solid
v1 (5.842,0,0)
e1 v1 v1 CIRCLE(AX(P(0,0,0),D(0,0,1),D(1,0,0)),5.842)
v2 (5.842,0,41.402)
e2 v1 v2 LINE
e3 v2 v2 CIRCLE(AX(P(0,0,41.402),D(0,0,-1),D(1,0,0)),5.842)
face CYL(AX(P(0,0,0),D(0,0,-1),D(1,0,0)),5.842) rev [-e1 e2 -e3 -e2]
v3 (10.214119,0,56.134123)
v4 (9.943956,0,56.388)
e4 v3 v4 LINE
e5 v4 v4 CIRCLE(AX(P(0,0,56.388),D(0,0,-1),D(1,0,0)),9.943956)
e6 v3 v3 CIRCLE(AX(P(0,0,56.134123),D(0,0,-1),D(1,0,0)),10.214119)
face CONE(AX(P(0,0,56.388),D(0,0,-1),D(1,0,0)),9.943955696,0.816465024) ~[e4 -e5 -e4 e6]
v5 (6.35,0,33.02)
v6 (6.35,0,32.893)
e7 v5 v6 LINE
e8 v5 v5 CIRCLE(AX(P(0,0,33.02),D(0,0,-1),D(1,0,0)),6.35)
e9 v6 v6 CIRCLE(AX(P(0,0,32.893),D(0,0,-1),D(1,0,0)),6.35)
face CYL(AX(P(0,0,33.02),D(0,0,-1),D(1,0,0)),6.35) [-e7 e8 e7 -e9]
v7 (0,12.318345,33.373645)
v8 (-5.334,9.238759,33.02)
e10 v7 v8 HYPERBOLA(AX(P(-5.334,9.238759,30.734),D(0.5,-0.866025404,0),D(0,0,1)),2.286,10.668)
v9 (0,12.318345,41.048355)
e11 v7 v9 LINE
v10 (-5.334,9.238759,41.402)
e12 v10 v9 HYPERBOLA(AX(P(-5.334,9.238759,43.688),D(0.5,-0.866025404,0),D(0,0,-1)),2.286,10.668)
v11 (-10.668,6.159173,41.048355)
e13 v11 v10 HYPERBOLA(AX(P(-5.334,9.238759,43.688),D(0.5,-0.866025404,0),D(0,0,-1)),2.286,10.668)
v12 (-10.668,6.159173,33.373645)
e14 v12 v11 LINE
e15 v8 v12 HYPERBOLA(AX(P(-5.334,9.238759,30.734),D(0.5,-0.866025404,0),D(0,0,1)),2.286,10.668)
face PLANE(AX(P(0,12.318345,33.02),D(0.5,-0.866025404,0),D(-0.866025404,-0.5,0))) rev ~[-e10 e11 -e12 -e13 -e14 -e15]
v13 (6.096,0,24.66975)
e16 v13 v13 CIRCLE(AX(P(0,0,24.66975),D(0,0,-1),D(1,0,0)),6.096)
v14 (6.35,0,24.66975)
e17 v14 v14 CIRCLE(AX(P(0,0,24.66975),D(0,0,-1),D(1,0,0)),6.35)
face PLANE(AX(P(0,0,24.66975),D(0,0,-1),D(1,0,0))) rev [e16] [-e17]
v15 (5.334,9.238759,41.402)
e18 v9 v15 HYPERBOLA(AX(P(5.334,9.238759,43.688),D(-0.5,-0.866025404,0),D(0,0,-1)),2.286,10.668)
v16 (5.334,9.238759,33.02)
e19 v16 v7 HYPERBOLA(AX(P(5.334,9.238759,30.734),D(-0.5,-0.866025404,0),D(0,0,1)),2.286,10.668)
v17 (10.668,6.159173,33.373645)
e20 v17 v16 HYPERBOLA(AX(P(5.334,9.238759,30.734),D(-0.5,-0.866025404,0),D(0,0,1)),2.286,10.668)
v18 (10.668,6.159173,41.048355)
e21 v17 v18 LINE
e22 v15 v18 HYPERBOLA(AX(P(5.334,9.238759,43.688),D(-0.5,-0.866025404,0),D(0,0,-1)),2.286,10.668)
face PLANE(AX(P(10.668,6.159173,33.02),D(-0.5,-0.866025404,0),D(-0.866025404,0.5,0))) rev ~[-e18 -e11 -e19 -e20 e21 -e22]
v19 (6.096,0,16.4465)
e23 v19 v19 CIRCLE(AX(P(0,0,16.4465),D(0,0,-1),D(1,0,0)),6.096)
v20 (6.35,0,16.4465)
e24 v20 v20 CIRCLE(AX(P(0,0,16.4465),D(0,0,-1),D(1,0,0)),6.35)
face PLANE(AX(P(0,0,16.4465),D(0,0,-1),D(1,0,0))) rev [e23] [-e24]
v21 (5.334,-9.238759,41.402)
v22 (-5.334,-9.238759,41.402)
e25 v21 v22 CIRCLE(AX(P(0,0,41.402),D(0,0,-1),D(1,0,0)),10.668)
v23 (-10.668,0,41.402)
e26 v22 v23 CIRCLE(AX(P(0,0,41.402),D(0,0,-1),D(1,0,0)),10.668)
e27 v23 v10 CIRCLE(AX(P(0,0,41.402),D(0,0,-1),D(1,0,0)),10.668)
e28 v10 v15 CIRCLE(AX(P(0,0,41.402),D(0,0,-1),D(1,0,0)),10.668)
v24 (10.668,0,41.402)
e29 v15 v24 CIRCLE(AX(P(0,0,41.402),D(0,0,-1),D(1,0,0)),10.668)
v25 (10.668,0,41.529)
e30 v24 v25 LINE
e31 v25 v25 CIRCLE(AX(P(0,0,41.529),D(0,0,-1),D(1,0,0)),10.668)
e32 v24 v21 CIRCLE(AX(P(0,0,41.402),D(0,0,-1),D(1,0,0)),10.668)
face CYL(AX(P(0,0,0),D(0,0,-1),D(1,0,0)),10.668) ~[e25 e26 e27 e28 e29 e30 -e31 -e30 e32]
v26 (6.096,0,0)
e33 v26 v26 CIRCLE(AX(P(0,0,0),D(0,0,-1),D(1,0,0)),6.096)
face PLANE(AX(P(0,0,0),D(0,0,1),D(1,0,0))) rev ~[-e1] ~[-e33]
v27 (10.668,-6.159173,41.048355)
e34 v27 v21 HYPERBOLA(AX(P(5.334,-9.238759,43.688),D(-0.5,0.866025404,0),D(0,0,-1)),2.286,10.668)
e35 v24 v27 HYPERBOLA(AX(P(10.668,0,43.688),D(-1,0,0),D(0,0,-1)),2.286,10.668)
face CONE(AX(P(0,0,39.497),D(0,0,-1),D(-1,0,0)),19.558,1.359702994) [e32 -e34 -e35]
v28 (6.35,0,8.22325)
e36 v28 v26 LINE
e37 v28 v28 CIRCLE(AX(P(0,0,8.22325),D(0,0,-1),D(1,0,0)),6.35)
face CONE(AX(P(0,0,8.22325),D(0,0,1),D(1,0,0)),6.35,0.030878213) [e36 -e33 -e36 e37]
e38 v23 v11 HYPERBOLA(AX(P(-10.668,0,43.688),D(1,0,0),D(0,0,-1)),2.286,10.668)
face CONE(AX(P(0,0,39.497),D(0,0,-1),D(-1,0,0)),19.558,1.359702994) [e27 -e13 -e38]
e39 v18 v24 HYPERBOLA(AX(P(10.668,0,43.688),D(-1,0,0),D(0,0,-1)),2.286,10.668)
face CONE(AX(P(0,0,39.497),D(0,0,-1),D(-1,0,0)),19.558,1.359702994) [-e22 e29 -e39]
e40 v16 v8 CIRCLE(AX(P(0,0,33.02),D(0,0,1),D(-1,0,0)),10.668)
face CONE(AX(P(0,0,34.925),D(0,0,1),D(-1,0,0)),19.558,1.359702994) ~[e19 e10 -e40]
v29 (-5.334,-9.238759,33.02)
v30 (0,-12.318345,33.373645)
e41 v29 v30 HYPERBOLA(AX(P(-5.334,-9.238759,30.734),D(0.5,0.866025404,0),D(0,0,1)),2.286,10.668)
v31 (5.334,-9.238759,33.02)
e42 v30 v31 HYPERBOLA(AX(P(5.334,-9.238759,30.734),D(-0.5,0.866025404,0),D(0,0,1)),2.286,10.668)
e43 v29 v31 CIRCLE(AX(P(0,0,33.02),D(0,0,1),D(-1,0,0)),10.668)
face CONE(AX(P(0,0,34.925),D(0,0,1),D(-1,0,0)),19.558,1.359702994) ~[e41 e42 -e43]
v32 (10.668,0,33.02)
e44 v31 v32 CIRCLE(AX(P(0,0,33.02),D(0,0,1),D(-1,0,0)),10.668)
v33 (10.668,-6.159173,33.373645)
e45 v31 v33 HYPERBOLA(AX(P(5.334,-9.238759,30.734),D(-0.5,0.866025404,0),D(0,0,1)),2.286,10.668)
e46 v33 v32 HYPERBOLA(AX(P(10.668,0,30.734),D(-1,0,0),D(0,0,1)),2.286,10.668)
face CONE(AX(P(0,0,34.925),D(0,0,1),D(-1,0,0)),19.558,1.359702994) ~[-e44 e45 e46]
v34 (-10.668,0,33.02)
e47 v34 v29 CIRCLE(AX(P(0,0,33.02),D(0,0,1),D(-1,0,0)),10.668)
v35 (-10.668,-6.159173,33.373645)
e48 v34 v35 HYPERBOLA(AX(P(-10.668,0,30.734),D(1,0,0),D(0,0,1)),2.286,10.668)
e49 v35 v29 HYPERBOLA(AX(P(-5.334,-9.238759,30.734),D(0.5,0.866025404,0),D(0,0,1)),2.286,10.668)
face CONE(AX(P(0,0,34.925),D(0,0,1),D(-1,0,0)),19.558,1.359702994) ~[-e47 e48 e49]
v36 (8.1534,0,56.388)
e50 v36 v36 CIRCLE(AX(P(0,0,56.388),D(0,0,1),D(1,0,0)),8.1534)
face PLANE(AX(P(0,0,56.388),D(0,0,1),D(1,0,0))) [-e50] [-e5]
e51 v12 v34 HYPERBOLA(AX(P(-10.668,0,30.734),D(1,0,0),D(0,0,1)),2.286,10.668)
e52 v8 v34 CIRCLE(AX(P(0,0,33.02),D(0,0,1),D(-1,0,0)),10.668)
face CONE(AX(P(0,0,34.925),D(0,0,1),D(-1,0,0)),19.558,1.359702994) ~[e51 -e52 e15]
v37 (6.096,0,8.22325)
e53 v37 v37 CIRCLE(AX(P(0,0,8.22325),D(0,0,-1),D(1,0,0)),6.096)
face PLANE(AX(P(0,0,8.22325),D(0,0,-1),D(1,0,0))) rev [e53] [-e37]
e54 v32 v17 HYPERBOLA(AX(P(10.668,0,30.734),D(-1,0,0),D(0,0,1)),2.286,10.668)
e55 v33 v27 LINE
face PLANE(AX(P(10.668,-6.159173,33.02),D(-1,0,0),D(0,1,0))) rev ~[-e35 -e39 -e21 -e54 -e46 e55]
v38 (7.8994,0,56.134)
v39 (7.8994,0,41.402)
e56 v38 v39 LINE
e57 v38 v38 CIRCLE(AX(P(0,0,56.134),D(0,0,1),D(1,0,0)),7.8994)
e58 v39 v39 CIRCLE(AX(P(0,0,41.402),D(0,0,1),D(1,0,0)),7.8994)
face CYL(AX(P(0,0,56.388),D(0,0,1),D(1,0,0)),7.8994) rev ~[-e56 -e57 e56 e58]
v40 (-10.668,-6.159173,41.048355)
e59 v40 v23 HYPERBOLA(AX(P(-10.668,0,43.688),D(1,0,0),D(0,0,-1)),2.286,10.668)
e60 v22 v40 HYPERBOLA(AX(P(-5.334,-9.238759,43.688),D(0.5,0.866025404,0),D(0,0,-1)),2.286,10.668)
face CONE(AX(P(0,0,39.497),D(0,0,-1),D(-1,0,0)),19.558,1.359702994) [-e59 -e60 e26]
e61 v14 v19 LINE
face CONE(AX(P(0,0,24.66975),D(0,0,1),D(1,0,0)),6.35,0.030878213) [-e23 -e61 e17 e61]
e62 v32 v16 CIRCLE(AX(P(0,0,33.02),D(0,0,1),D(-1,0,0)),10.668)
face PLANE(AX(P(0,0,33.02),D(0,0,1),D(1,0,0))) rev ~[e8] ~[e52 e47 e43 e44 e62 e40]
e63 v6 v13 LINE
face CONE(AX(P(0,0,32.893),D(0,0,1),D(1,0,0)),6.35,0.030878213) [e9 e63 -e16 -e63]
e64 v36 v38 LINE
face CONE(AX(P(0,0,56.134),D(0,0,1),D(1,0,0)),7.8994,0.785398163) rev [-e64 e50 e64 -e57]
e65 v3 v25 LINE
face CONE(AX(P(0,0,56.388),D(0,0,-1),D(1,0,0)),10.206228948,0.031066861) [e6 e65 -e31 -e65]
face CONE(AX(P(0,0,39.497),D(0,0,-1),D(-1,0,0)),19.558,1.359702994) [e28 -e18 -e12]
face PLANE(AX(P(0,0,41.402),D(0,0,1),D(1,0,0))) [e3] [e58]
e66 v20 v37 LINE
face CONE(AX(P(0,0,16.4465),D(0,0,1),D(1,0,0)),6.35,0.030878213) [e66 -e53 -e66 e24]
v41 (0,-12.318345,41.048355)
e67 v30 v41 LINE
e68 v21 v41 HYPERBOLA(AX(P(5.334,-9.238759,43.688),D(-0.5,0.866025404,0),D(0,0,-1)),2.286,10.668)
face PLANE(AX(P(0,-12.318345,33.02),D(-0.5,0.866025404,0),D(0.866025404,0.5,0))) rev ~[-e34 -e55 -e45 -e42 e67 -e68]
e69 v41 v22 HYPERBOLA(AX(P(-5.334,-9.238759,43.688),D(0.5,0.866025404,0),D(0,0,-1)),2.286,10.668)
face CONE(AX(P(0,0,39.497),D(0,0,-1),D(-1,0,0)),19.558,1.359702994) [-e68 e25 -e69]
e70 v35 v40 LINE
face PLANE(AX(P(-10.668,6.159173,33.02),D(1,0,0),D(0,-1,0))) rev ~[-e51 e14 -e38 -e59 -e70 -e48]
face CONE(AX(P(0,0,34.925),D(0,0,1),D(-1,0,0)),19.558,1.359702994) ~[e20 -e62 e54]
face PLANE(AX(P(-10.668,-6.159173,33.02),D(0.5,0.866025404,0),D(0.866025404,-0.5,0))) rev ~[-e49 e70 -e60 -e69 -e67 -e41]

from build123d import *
from OCP.BRepFilletAPI import BRepFilletAPI_MakeChamfer

# Parameters (mm, degrees)
PIPESKETCH_R        = 10.668
PIPESKETCH_R_2      = 5.842
EXTRUSION_DEPTH     = 56.388
SKETCH1_R           = 5.842
BOSS_EXTRUDE1_DEPTH = 8.382
SKETCH9_R           = 7.8994
CUT_EXTRUDE1_DEPTH  = 14.986
CHAMFER1_SIZE       = 0.254
CHAMFER1_SIZE2      = 0.262273252


with BuildPart() as part:
    # PipeSketch → Extrusion (new body)
    with BuildSketch(Plane.XY):
        Circle(PIPESKETCH_R)
        Circle(PIPESKETCH_R_2, mode=Mode.SUBTRACT)
    extrude(amount=EXTRUSION_DEPTH)

    # Sketch1 → Boss-Extrude1 (add)
    with BuildSketch(Plane.XY.offset(33.02)):
        Polygon((10.668, 6.159172672), (0, 12.318345343), (-10.668, 6.159172672), (-10.668, -6.159172672), (0, -12.318345343), (10.668, -6.159172672), align=None)
        Circle(SKETCH1_R, mode=Mode.SUBTRACT)
    extrude(amount=BOSS_EXTRUDE1_DEPTH)

    # Sketch9 → Cut-Extrude1 (cut)
    with BuildSketch(Plane.XY.offset(56.388)):
        Circle(SKETCH9_R)
    extrude(amount=-CUT_EXTRUDE1_DEPTH, mode=Mode.SUBTRACT)

    # Sketch7 → Cut-Revolve7 (revolve, cut)
    with BuildSketch(Plane(origin=(0, 0, 0), x_dir=(0, 0, -1), z_dir=(1, 0, 0))):
        Polygon((-56.388, 10.668), (-56.388, 10.206228948), (-41.529, 10.668), align=None)
        Polygon((0, 10.668), (-33.02, 10.668), (-33.02, 6.35), (-32.893, 6.35), (-24.66975, 6.096), (-24.66975, 6.35), (-16.4465, 6.096), (-16.4465, 6.35), (-8.22325, 6.096), (-8.22325, 6.35), (0, 6.096), align=None)
    revolve(axis=Axis((0, 0, 0), (0, 0, -1)), mode=Mode.SUBTRACT)

    # Sketch4 → Cut-Revolve6 (revolve, cut)
    with BuildSketch(Plane(origin=(0, 0, 0), x_dir=(1, 0, 0), z_dir=(0, 1, 0))):
        Polygon((-10.668, -41.402), (-19.558, -41.402), (-19.558, -39.497), align=None)
        Polygon((-10.668, -33.02), (-19.558, -33.02), (-19.558, -34.925), align=None)
    revolve(axis=Axis((0, 0, 0), (0, 0, 1)), mode=Mode.SUBTRACT)

    # Chamfer1: one chamfer whose edges measure the first distance from different faces: ONE call of the kernel's chamfer builder (chamfer() names one face for all edges)
    chamfer1_edges_1 = [part.edges().sort_by_distance(p)[0] for p in [
        (0, -10.206228948, 56.388),
    ]]
    chamfer1_side_1 = [part.faces().sort_by_distance(p)[0] for p in [
        (0, -10.437114474, 48.9585),
    ]]
    chamfer1_edges_2 = [part.edges().sort_by_distance(p)[0] for p in [
        (-7.8994, 0, 56.388),
    ]]
    chamfer1 = BRepFilletAPI_MakeChamfer(part.part.solid().wrapped)
    for e in chamfer1_edges_1:
        chamfer1.Add(CHAMFER1_SIZE, CHAMFER1_SIZE2, e.wrapped, chamfer1_side_1[0].wrapped)  # the first distance lies on this face
    for e in chamfer1_edges_2:
        chamfer1.Add(CHAMFER1_SIZE, e.wrapped)
    add(Compound.cast(chamfer1.Shape()), mode=Mode.REPLACE)


solid = part.part
